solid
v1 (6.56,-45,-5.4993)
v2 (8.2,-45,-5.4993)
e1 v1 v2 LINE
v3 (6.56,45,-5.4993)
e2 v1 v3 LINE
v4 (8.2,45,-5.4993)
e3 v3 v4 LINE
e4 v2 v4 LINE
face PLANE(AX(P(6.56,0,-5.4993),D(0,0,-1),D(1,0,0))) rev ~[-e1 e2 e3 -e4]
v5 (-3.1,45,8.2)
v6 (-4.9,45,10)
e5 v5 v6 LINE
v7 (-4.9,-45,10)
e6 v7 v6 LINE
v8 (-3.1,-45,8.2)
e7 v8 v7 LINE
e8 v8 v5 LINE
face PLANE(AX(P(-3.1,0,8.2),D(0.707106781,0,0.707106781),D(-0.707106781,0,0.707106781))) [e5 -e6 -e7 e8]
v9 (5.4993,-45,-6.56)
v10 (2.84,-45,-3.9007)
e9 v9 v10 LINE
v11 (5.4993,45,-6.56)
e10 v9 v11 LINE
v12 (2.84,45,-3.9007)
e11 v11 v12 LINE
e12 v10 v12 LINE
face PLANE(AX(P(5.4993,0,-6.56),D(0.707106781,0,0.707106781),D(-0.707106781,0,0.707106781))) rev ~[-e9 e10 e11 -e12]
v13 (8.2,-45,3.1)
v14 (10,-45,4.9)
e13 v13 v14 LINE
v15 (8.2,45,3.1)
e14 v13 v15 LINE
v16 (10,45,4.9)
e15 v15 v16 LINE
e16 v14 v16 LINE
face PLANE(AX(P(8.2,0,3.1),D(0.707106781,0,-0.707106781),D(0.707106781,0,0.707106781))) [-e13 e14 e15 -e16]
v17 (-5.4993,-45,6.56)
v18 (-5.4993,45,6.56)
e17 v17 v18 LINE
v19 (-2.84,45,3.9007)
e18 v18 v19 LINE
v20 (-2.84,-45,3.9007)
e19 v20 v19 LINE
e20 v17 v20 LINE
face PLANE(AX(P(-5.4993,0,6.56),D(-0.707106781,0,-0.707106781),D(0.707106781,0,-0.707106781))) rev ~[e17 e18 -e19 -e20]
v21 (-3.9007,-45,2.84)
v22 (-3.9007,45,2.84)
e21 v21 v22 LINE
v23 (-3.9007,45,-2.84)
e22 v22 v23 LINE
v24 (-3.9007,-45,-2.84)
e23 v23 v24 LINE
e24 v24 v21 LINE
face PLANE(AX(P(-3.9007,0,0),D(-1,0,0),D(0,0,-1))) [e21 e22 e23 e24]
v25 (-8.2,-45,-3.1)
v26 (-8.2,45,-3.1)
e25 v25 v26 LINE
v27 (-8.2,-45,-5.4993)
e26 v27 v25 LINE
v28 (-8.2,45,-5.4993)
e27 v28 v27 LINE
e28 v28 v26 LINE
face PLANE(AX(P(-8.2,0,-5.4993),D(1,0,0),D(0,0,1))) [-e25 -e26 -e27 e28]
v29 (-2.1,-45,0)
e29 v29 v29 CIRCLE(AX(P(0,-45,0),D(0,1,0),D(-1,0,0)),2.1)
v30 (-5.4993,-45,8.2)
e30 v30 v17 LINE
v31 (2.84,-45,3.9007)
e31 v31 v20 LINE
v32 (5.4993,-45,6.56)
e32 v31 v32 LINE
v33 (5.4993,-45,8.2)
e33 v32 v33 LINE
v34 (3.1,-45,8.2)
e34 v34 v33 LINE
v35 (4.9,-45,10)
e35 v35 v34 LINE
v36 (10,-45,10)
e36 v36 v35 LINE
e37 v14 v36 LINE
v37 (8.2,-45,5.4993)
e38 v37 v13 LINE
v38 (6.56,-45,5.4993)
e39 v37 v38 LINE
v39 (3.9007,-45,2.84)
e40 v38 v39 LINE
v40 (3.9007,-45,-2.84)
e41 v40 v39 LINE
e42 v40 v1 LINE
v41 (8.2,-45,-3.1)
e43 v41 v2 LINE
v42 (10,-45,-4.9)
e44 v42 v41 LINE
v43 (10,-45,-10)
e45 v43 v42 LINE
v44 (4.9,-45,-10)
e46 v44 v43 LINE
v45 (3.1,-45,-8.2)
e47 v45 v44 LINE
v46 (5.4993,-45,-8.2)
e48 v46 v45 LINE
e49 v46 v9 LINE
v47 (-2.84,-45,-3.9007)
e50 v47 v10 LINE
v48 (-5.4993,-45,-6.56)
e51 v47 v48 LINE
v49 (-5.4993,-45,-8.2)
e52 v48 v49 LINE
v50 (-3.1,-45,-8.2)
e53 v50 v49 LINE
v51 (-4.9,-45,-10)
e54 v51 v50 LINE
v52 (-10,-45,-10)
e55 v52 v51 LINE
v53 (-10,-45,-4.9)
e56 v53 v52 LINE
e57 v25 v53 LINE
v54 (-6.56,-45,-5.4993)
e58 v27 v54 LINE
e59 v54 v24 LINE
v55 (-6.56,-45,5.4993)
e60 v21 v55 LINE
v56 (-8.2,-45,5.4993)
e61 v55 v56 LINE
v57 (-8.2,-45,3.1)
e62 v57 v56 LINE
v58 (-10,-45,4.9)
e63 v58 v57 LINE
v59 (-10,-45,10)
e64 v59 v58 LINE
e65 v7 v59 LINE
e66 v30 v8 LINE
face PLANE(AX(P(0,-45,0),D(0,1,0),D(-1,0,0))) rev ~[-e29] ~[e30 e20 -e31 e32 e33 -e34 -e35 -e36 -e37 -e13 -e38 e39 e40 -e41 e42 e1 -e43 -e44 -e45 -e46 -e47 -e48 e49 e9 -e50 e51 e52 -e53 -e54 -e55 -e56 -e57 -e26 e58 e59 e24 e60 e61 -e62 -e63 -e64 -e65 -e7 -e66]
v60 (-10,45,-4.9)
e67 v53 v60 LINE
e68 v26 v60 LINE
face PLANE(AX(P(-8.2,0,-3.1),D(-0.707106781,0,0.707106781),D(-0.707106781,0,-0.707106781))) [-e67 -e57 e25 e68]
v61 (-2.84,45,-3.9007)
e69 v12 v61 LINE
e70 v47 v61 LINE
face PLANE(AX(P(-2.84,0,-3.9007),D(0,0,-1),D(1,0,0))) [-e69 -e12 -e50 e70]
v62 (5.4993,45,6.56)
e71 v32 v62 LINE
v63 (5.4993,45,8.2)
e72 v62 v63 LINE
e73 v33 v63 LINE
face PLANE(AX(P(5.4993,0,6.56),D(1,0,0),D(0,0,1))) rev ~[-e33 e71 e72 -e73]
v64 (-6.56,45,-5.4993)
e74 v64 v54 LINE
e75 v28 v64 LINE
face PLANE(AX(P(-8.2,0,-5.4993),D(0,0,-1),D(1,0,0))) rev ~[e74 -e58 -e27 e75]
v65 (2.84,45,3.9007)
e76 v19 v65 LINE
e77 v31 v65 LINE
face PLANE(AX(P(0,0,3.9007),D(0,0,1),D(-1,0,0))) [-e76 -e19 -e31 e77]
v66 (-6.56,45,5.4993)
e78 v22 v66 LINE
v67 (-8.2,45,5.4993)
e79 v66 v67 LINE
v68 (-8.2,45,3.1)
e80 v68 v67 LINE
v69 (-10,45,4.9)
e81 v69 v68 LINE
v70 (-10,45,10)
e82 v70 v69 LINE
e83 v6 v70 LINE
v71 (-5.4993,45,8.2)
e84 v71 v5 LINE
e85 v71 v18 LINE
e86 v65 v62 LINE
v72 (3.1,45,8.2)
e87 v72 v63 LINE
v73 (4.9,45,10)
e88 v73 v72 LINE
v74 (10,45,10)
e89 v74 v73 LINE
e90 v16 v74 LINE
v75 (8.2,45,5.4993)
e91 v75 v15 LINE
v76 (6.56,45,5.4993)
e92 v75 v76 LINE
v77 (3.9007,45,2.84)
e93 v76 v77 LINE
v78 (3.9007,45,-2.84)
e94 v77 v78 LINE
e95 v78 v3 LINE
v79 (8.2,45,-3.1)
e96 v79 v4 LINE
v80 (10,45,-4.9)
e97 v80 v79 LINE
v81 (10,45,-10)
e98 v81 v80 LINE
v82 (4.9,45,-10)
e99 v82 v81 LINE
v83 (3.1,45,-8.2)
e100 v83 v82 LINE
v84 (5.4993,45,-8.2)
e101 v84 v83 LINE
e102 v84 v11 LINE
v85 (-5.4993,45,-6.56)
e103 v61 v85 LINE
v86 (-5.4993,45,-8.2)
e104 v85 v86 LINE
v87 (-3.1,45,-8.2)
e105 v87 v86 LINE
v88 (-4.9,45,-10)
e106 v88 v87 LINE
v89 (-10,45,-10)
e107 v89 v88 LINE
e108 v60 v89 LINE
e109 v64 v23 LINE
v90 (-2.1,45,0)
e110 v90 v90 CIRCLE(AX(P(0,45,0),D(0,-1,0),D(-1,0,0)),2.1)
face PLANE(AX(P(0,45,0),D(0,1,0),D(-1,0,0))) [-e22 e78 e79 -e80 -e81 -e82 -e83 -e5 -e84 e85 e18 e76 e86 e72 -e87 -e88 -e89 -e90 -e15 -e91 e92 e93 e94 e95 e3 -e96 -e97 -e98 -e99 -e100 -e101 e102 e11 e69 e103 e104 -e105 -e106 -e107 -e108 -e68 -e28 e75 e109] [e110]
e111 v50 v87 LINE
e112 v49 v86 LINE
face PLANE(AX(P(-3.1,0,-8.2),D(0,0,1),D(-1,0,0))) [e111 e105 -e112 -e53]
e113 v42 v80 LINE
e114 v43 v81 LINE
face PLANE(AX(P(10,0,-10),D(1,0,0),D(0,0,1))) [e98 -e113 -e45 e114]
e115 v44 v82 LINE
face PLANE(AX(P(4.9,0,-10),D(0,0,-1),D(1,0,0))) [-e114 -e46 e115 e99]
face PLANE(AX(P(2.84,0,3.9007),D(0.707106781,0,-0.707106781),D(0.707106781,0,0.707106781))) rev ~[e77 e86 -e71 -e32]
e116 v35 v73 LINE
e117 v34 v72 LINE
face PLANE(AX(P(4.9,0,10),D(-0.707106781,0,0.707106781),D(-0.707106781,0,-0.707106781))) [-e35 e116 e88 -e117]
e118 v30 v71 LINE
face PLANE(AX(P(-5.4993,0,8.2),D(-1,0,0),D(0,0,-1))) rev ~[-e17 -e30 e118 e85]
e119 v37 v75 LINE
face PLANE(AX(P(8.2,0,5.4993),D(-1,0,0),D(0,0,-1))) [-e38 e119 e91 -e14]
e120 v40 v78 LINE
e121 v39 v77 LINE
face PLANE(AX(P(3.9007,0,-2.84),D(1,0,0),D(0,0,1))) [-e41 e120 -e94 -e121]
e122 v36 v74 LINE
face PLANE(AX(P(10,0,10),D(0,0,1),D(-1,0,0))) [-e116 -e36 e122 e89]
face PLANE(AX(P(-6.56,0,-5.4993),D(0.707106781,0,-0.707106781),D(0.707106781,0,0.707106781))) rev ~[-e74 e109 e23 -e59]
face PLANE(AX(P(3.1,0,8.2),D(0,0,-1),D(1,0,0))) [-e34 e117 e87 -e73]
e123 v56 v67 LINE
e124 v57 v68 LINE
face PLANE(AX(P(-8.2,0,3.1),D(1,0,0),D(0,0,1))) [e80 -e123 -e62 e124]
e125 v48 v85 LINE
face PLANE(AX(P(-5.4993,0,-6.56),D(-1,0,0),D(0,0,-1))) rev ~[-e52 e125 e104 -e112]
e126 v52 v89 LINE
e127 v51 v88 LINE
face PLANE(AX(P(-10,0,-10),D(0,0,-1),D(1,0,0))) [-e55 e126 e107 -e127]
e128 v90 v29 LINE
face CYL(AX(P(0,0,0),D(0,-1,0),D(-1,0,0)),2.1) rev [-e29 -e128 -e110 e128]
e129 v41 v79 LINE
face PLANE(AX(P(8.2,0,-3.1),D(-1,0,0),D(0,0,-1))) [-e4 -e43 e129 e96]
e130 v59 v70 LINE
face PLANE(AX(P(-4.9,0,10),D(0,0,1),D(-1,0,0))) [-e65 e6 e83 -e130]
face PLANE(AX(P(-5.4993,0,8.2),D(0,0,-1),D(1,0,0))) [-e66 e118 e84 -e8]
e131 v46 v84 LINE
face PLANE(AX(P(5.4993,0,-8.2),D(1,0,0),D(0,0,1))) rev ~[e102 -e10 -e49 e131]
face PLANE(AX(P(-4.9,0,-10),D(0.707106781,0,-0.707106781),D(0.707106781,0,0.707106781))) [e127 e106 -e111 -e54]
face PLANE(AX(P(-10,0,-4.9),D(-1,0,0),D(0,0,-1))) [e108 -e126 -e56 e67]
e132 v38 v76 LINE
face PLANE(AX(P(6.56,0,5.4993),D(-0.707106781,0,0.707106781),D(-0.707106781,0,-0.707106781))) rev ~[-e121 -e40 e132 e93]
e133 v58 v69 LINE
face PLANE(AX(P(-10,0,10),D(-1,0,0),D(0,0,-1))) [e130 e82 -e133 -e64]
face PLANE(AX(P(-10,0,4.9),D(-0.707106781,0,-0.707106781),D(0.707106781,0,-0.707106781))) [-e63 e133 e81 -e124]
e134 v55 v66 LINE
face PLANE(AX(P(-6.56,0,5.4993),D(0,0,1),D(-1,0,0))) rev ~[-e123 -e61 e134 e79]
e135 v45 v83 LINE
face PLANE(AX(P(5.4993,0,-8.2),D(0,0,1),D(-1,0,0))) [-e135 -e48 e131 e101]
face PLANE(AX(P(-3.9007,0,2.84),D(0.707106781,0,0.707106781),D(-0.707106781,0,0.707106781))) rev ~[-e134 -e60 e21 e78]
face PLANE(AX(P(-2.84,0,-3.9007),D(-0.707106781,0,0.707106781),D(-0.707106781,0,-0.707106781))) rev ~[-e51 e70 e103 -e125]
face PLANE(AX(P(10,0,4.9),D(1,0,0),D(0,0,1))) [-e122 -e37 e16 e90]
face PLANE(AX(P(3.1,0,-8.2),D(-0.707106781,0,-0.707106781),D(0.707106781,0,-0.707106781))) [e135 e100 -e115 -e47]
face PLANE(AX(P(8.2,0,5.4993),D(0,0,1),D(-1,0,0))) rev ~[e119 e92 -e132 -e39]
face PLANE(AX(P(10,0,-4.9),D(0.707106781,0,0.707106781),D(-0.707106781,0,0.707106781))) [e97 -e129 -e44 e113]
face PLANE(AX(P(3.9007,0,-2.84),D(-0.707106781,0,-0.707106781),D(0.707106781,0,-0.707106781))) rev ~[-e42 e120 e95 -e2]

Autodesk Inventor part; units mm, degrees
ref_plane "YZ Plane" through (0, 0, 0) normal (1, 0, 0) x (0, 1, 0)
ref_plane "XZ Plane" through (0, 0, 0) normal (0, 1, 0) x (-1, 0, 0)
ref_plane "XY Plane" through (0, 0, 0) normal (0, 0, 1) x (1, 0, 0)
sketch "Sketch1" plane through (0, 0, 0) normal (0, 1, 0) x (-1, 0, 0)
  circle A0 centre (0, 0) radius 2.1
  line L0 (0, -3.9007) -> (-2.84, -3.9007)
  line L1 (-5.4993, -8.2) -> (-3.1, -8.2)
  line L2 (-3.1, -8.2) -> (-4.9, -10)
  line L3 (-4.9, -10) -> (-10, -10)
  line L4 (-10, -10) -> (-10, -4.9)
  line L5 (-10, -4.9) -> (-8.2, -3.1)
  line L6 (-8.2, -3.1) -> (-8.2, -5.4993)
  line L7 (-3.9007, -2.84) -> (-3.9007, 0)
  line L8 (-3.9007, 0) -> (-2.1, 0)
  line L9 (0, -3.9007) -> (0, -2.1) construction
  line L10 (-5.4993, -8.2) -> (-5.4993, -6.56)
  line L11 (-5.4993, -6.56) -> (-2.84, -3.9007)
  line L12 (-3.9007, -2.84) -> (-6.56, -5.4993)
  line L13 (-6.56, -5.4993) -> (-8.2, -5.4993)
  line L14 (6.56, -5.4993) -> (3.9007, -2.84)
  line L15 (3.1, -8.2) -> (5.4993, -8.2)
  line L16 (5.4993, -6.56) -> (5.4993, -8.2)
  line L17 (8.2, -5.4993) -> (8.2, -3.1)
  line L18 (8.2, -5.4993) -> (6.56, -5.4993)
  line L19 (8.2, -3.1) -> (10, -4.9)
  line L20 (4.9, -10) -> (3.1, -8.2)
  line L21 (10, -4.9) -> (10, -10)
  line L22 (10, -10) -> (4.9, -10)
  line L23 (2.84, -3.9007) -> (0, -3.9007)
  line L24 (0, -3.9007) -> (0, -2.1) construction
  line L25 (3.9007, 0) -> (2.1, 0)
  line L26 (3.9007, 0) -> (3.9007, -2.84)
  line L27 (2.84, -3.9007) -> (5.4993, -6.56)
  line L28 (5.4993, 6.56) -> (2.84, 3.9007)
  line L29 (8.2, 3.1) -> (8.2, 5.4993)
  line L30 (6.56, 5.4993) -> (8.2, 5.4993)
  line L31 (5.4993, 8.2) -> (3.1, 8.2)
  line L32 (5.4993, 8.2) -> (5.4993, 6.56)
  line L33 (3.1, 8.2) -> (4.9, 10)
  line L34 (10, 4.9) -> (8.2, 3.1)
  line L35 (4.9, 10) -> (10, 10)
  line L36 (10, 10) -> (10, 4.9)
  line L37 (3.9007, 2.84) -> (3.9007, 0)
  line L38 (3.9007, 0) -> (2.1, 0) construction
  line L39 (0, 3.9007) -> (0, 2.1)
  line L40 (0, 3.9007) -> (2.84, 3.9007)
  line L41 (3.9007, 2.84) -> (6.56, 5.4993)
  line L42 (-6.56, 5.4993) -> (-3.9007, 2.84)
  line L43 (-3.1, 8.2) -> (-5.4993, 8.2)
  line L44 (-5.4993, 6.56) -> (-5.4993, 8.2)
  line L45 (-8.2, 5.4993) -> (-8.2, 3.1)
  line L46 (-8.2, 5.4993) -> (-6.56, 5.4993)
  line L47 (-8.2, 3.1) -> (-10, 4.9)
  line L48 (-4.9, 10) -> (-3.1, 8.2)
  line L49 (-10, 4.9) -> (-10, 10)
  line L50 (-10, 10) -> (-4.9, 10)
  line L51 (-2.84, 3.9007) -> (0, 3.9007)
  line L52 (0, 3.9007) -> (0, 2.1) construction
  line L53 (-3.9007, 0) -> (-2.1, 0) construction
  line L54 (-3.9007, 0) -> (-3.9007, 2.84)
  line L55 (-2.84, 3.9007) -> (-5.4993, 6.56)
  point P0 (0, -3.0003)
  point P1 (-3.0003, 0)
  point P2 (0, -3.0003)
  point P3 (3.0003, 0)
  point P4 (3.0003, 0)
  point P5 (0, 3.0003)
  point P6 (0, 3.0003)
  point P7 (-3.0003, 0)
  dimension "d0" = 4.2
  dimension "d2" = 45
  dimension "d3" = 3.1
  dimension "d4" = 2.84
  dimension "d7" = 10
  dimension "d8" = 10
  dimension "d9" = 1.5
  dimension "d10" = 1.8
  dimension "d11" = 1.64
  dimension "d14" = 360
extrude "Extrusion1" add sketch "Sketch1" along normal mid plane 90 contours L25 L26 L14 L18 L17 L19 L21 L22 L20 L15 L16 L27 L23 L0 L11 L10 L1 L2 L3 L4 L5 L6 L13 L12 L7 L8 A0 | A0 L39 L40 L28 L32 L31 L33 L35 L36 L34 L29 L30 L41 L37 L25 | A0 L8 L54 L42 L46 L45 L47 L49 L50 L48 L43 L44 L55 L51 L39
properties part number "vslot_90mm"
